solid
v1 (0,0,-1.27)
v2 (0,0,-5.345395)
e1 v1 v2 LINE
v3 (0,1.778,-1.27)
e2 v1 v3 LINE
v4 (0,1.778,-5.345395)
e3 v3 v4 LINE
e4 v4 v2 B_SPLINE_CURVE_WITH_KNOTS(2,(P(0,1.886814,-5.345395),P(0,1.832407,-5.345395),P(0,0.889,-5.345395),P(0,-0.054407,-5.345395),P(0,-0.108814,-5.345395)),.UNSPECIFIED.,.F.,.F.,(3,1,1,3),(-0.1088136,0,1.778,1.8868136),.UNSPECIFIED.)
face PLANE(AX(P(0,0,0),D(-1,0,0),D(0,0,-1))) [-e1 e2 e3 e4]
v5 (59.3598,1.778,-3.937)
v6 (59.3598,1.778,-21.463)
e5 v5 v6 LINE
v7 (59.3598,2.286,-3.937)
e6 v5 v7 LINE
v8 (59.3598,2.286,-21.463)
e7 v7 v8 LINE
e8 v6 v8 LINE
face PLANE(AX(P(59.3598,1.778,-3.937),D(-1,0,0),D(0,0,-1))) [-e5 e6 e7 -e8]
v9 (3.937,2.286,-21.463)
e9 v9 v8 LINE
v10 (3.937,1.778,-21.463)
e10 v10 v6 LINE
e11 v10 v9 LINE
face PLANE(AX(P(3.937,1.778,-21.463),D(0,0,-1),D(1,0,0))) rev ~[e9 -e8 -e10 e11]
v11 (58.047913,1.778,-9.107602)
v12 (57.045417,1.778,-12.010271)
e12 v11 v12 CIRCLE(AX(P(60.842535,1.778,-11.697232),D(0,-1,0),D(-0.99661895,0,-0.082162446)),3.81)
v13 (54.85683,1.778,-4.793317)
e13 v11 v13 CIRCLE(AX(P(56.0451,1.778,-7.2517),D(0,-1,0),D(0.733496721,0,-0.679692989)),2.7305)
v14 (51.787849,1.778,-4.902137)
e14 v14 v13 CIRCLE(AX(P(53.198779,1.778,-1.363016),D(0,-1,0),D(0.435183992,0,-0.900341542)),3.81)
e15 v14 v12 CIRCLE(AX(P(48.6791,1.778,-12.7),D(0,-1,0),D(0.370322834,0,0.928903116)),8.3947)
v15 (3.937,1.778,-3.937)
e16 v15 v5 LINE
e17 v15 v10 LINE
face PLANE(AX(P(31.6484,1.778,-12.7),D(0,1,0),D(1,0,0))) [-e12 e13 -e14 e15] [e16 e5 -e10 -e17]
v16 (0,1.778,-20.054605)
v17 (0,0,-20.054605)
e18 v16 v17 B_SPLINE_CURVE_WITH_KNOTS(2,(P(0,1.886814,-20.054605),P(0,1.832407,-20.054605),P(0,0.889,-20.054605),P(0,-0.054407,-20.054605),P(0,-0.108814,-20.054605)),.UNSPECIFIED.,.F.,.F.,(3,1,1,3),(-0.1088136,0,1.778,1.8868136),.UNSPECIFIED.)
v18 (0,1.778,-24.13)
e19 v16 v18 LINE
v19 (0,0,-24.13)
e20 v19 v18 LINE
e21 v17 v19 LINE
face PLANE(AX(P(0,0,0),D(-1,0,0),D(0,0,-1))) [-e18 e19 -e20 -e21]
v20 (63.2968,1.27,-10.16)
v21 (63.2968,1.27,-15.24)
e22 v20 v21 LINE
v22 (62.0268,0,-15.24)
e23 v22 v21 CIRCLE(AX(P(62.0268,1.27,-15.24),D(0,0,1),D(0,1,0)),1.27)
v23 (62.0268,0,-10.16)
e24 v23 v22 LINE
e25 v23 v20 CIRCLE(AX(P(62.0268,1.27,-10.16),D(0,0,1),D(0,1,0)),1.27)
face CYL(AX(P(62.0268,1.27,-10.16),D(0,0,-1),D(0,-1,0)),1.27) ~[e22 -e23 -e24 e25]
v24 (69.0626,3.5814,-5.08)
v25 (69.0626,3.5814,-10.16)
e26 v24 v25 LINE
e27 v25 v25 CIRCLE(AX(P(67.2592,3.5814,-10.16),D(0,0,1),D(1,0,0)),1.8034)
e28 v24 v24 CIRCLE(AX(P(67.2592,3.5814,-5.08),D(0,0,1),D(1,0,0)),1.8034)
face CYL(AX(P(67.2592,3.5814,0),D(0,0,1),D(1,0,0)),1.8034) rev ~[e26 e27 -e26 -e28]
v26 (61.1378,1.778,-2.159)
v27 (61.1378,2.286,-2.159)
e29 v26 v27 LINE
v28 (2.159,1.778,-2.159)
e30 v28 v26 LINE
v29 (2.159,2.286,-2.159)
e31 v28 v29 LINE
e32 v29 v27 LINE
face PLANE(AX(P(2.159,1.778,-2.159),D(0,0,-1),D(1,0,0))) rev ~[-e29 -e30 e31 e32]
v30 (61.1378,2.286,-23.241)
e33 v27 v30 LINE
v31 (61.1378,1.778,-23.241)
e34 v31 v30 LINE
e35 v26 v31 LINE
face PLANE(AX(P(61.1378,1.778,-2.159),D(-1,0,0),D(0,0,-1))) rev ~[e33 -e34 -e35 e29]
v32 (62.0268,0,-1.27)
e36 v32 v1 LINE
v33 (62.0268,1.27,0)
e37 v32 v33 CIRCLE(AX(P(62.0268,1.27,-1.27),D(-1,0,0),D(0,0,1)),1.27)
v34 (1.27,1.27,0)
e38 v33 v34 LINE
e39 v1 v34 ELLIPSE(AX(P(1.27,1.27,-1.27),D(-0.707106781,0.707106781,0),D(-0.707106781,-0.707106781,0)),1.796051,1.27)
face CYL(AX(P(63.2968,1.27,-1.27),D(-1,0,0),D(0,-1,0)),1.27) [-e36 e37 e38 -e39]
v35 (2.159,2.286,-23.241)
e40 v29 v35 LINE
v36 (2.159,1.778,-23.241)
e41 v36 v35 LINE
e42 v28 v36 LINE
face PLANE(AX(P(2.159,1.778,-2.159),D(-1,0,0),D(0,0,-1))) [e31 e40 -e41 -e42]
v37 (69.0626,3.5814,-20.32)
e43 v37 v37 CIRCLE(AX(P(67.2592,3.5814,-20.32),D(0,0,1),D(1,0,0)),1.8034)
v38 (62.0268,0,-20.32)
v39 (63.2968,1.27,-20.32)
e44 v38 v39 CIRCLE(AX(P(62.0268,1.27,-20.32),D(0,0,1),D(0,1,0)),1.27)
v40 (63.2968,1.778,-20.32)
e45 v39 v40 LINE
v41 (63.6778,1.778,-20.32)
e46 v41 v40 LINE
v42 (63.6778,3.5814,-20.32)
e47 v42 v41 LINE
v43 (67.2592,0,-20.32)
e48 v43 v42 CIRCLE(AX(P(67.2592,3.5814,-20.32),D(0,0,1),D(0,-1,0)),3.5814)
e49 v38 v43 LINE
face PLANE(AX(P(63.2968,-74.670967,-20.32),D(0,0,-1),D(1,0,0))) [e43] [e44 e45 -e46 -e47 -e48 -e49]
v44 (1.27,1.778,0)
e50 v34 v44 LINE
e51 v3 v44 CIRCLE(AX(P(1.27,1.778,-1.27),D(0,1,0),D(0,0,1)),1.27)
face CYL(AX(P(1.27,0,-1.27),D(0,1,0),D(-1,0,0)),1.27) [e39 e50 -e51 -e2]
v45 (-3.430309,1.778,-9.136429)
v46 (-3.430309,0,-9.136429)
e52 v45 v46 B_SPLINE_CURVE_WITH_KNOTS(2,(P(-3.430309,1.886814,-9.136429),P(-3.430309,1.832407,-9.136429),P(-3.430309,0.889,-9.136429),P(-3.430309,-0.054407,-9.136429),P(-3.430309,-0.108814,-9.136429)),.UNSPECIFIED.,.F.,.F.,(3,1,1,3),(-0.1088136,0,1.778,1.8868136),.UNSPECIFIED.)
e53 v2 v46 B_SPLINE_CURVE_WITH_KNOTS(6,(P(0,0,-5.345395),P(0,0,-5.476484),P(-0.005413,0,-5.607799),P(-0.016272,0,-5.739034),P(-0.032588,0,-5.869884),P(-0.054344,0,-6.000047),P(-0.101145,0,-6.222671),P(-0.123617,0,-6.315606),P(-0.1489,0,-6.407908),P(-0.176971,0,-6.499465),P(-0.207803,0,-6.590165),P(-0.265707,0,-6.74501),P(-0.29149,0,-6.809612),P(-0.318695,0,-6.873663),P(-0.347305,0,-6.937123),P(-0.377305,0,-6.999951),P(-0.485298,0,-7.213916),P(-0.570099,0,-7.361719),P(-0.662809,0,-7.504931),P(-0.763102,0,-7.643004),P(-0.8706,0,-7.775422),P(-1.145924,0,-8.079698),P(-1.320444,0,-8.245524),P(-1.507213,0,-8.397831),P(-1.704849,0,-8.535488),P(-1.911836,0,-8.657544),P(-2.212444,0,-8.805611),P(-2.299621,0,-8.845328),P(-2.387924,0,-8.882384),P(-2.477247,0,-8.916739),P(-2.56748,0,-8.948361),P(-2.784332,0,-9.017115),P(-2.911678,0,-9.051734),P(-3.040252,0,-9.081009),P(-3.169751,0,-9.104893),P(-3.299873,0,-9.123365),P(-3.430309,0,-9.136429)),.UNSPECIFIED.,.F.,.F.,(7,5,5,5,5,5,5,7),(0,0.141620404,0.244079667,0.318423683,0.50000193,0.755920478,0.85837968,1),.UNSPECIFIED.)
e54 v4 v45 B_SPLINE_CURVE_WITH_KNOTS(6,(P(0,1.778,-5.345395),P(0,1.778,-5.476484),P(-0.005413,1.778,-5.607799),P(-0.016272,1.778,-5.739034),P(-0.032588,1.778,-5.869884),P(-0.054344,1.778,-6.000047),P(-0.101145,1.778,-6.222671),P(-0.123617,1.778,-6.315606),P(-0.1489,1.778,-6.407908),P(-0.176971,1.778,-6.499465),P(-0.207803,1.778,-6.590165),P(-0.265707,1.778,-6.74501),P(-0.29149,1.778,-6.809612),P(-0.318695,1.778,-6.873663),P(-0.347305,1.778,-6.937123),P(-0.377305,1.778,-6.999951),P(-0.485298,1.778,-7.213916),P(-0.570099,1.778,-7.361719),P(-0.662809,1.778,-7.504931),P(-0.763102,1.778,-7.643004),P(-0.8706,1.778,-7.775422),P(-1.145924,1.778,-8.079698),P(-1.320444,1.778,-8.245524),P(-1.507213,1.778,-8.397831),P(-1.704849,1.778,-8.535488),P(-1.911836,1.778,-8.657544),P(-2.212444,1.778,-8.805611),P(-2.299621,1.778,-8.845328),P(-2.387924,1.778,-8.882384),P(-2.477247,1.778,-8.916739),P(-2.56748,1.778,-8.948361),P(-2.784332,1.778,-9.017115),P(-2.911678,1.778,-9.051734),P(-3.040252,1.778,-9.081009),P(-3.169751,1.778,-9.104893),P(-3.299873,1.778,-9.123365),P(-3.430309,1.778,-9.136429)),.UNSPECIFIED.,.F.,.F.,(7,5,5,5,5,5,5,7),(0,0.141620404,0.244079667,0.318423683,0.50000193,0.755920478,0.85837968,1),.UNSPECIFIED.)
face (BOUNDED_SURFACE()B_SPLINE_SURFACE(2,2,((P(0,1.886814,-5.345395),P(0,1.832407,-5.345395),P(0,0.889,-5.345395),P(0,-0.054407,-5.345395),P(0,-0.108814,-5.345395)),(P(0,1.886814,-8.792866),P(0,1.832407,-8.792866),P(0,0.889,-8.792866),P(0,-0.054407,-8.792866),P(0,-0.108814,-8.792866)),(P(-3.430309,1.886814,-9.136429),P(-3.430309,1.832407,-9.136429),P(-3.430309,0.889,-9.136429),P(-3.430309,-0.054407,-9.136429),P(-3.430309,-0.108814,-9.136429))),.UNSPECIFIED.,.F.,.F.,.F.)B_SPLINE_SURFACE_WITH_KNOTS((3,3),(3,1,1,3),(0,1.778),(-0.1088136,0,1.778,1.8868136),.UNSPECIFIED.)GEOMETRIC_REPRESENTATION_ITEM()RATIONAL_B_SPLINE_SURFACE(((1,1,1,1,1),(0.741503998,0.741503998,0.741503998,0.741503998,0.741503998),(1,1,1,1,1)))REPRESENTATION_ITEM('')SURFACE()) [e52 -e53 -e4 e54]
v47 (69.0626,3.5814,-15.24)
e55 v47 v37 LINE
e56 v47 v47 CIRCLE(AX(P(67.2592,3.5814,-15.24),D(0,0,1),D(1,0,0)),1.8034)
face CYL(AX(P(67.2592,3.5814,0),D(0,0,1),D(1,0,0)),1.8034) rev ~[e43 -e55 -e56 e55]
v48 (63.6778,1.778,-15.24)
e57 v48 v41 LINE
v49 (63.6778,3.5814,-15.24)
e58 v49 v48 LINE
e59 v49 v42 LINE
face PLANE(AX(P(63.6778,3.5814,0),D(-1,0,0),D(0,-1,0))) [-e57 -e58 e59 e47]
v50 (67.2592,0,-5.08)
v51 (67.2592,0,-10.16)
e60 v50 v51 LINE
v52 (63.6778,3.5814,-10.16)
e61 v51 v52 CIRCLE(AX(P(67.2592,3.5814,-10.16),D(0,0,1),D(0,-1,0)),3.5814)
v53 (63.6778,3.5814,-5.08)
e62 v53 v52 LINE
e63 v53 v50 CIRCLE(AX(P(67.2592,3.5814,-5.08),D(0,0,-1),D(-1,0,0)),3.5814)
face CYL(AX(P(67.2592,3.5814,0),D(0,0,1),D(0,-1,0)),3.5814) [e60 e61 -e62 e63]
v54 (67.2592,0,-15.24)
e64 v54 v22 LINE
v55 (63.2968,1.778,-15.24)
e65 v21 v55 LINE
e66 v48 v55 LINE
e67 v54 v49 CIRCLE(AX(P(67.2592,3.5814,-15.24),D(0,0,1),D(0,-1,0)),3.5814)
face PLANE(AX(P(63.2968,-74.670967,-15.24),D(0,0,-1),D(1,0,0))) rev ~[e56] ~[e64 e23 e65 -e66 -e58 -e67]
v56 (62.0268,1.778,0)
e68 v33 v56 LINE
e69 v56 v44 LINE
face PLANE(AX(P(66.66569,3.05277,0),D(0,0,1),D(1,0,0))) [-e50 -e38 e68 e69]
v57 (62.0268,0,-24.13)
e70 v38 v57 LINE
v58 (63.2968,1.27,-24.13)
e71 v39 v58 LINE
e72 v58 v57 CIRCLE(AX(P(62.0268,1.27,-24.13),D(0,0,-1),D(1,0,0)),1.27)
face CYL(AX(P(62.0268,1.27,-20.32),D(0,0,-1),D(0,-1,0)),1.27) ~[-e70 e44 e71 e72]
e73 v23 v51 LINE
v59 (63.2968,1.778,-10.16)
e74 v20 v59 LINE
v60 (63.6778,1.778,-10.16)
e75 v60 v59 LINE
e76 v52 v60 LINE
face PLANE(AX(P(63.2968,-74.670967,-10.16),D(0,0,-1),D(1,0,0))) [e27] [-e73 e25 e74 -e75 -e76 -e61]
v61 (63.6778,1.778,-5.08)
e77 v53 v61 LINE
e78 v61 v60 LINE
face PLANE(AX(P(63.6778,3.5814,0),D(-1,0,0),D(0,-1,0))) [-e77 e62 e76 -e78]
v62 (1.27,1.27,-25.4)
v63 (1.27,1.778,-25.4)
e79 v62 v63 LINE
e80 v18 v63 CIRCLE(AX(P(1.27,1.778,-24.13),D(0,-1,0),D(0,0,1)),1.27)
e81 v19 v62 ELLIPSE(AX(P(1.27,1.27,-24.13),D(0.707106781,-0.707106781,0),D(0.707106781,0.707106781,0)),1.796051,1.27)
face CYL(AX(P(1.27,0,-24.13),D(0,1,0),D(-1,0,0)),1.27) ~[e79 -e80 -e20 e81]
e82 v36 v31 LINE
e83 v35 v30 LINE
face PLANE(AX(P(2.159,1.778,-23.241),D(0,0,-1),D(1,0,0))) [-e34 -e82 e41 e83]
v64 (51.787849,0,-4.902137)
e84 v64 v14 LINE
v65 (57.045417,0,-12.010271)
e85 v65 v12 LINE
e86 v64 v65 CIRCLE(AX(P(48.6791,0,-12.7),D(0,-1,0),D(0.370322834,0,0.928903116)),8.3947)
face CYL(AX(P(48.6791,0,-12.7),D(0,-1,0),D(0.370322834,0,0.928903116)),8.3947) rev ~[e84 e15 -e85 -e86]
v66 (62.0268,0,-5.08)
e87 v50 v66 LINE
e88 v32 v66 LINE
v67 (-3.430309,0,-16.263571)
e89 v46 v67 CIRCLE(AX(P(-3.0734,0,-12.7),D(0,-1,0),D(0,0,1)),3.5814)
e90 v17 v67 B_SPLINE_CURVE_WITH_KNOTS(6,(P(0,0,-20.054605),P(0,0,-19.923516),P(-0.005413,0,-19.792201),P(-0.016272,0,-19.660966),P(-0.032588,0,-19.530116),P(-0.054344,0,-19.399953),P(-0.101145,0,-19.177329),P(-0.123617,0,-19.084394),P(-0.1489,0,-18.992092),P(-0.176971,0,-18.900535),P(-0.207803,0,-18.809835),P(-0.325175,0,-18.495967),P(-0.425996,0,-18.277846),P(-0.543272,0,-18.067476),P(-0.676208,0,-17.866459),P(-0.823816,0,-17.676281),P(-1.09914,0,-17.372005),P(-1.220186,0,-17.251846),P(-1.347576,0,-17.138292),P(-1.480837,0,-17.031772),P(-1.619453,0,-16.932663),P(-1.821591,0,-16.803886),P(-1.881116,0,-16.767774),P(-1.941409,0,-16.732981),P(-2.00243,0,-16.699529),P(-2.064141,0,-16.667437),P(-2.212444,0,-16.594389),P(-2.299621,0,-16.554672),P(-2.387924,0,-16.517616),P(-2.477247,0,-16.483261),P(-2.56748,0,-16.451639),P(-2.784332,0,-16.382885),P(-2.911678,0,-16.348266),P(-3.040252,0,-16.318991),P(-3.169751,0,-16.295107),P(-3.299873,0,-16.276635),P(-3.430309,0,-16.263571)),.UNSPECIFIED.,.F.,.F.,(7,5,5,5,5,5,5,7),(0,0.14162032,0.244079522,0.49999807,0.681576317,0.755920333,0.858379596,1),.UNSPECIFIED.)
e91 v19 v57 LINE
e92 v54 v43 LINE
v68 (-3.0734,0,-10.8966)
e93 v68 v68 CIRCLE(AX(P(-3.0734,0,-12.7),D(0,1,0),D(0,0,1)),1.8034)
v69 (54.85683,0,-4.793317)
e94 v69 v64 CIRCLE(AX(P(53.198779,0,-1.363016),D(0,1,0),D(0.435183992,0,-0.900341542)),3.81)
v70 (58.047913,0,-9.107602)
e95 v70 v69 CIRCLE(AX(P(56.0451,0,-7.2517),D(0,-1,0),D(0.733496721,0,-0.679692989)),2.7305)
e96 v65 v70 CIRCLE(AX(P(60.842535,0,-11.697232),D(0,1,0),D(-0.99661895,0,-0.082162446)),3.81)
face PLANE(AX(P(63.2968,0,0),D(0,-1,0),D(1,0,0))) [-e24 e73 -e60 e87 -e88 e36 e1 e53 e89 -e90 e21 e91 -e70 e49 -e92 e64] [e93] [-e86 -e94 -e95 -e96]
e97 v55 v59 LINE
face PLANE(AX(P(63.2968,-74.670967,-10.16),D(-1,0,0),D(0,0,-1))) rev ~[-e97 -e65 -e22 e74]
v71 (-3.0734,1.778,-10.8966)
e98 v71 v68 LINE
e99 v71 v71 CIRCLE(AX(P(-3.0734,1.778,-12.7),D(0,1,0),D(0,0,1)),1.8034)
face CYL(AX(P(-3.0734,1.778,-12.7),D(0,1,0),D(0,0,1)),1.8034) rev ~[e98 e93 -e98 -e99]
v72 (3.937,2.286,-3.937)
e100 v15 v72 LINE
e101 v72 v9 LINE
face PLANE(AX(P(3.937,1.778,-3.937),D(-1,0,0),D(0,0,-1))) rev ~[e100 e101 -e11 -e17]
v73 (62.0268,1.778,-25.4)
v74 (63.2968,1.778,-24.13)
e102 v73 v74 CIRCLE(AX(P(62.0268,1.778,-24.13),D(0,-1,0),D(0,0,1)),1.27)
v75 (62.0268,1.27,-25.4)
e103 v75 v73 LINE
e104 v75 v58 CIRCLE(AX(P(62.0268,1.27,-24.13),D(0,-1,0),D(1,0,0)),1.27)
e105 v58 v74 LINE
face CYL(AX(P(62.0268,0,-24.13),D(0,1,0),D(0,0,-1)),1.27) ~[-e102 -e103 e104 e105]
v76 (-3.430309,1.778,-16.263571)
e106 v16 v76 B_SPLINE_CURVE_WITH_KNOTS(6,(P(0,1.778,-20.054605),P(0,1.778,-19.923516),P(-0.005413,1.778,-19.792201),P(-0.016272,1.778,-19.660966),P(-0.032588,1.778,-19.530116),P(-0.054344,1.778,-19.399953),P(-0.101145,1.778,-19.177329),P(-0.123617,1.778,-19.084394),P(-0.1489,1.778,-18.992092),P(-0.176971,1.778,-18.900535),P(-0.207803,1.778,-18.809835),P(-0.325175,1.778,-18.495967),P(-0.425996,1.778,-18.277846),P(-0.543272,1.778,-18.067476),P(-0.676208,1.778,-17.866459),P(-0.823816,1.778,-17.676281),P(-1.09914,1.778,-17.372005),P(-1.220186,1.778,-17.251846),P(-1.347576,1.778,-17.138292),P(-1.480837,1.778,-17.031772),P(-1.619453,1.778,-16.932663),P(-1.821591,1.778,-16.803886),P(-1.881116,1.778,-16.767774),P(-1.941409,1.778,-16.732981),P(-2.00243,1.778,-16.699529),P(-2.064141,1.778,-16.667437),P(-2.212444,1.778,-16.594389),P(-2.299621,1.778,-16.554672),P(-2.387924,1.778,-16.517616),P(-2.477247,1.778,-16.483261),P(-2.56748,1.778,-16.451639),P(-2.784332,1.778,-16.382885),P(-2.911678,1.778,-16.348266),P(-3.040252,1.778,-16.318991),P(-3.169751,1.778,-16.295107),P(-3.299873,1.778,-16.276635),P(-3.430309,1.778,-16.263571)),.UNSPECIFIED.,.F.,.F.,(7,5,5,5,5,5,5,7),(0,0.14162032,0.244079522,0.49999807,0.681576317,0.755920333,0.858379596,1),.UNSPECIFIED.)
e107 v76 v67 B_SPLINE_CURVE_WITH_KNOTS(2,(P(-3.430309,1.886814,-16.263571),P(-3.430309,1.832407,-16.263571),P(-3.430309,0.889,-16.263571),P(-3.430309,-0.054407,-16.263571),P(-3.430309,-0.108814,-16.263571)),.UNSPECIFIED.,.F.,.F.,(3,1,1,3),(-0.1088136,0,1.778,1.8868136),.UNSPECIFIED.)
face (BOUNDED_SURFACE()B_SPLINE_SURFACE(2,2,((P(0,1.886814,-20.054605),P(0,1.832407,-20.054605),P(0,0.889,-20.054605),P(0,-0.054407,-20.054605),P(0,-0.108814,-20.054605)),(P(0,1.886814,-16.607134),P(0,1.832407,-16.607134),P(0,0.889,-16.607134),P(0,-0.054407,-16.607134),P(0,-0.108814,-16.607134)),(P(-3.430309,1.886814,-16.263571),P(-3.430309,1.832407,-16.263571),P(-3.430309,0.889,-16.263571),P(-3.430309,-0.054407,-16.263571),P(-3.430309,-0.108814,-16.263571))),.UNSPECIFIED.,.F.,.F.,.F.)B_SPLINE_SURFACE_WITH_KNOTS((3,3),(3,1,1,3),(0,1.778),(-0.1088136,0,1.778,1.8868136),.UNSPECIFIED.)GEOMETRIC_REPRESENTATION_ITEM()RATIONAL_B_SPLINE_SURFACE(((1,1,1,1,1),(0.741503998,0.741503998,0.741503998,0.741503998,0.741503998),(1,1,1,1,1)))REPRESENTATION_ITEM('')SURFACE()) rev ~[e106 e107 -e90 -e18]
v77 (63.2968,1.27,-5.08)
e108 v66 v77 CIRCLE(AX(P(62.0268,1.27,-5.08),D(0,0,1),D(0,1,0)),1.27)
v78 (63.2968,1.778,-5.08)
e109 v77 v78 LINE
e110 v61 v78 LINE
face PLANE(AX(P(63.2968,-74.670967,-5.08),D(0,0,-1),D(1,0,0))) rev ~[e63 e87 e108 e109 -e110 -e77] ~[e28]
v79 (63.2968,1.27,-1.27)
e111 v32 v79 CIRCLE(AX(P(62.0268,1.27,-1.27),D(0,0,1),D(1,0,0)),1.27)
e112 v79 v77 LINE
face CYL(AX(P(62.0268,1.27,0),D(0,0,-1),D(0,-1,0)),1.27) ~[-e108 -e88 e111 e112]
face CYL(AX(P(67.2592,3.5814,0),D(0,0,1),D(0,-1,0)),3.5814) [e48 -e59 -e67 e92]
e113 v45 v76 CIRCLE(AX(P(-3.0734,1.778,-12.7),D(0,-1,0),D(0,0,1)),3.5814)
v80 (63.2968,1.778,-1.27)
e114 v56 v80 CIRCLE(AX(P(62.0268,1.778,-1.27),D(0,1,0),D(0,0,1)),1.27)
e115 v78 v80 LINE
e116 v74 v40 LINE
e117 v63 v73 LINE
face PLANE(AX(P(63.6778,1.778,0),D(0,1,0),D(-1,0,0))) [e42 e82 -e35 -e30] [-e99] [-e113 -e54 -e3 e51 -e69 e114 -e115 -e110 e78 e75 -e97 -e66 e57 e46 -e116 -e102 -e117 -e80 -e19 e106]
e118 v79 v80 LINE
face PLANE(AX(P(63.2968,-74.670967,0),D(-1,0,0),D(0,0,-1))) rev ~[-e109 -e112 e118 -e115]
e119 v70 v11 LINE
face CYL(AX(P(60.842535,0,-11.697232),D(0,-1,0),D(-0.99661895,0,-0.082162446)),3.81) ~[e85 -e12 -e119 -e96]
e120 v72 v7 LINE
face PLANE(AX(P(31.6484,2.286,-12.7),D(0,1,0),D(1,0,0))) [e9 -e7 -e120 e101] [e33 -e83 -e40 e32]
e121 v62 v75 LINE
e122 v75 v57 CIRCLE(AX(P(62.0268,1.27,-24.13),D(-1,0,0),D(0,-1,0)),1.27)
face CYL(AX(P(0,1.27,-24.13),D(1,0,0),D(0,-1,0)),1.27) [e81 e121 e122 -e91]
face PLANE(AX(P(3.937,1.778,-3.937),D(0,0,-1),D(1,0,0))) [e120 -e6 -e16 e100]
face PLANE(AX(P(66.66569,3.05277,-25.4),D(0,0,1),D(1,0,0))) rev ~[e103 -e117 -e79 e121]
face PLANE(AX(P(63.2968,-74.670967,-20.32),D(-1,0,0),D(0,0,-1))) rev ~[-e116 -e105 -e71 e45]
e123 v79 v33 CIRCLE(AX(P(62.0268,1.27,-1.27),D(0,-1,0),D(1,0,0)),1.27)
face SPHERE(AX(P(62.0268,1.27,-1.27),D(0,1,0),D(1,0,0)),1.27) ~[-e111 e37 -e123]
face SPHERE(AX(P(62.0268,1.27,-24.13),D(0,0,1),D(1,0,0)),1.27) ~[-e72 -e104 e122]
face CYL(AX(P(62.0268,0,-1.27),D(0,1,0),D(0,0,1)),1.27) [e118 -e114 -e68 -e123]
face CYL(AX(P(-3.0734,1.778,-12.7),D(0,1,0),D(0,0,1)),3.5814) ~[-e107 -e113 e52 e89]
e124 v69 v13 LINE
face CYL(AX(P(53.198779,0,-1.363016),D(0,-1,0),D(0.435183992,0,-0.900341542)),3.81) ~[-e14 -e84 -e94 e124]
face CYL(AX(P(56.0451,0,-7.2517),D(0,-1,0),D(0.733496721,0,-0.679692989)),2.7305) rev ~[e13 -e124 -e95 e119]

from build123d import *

# Parameters (mm, degrees)
SKETCH1_W               = 63.2968
SKETCH1_H               = 25.4
BOSS_EXTRUDE1_DEPTH     = 1.778
SKETCH2_W               = 58.9788
SKETCH2_H               = 21.082
SKETCH2_W_2             = 55.4228
SKETCH2_H_2             = 17.526
BOSS_EXTRUDE2_DEPTH     = 0.508
CUT_EXTRUDE1_DEPTH      = 69.241268205
SKETCH4_R               = 1.8034
BOSS_EXTRUDE3_DEPTH     = 25.4
CUT_EXTRUDE2_DEPTH      = 76.448967385
CUT_EXTRUDE2_DEPTH_BACK = 76.448967385
SKETCH5_W               = 7.5438
SKETCH5_H               = 5.08
SKETCH6_R               = 1.8034
BOSS_EXTRUDE4_DEPTH     = 1.778
FILLET1_R               = 3.81
FILLET2_R               = 1.27


with BuildPart() as part:
    # Sketch1 → Boss-Extrude1 (new body)
    with BuildSketch(Plane(origin=(0, 0, 0), x_dir=(1, 0, 0), z_dir=(0, 1, 0))):
        with Locations((31.6484, 12.7)):
            Rectangle(SKETCH1_W, SKETCH1_H)
    extrude(amount=BOSS_EXTRUDE1_DEPTH)

    # Sketch2 → Boss-Extrude2 (add)
    with BuildSketch(Plane(origin=(0, 1.778, 0), x_dir=(1, 0, 0), z_dir=(0, 1, 0))):
        with Locations((31.6484, 12.7)):
            Rectangle(SKETCH2_W, SKETCH2_H)
        with Locations((31.6484, 12.7)):
            Rectangle(SKETCH2_W_2, SKETCH2_H_2, mode=Mode.SUBTRACT)
    extrude(amount=BOSS_EXTRUDE2_DEPTH)

    # Sketch3 → Cut-Extrude1 (cut, through all)
    with BuildSketch(Plane.XZ):
        with BuildLine():
            ThreePointArc((51.787849097, -4.902137014), (41.929975763, -17.692024651), (57.045417104, -12.010270916))
            ThreePointArc((57.045417104, -12.010270916), (57.241266983, -10.453460929), (58.047912797, -9.107601708))
            ThreePointArc((58.047912797, -9.107601708), (58.24035221, -5.627970348), (54.856830108, -4.793317419))
            ThreePointArc((54.856830108, -4.793317419), (53.333788817, -5.170623315), (51.787849097, -4.902137014))
        make_face()
    extrude(amount=-CUT_EXTRUDE1_DEPTH, mode=Mode.SUBTRACT)

    # Sketch4 → Boss-Extrude3 (add)
    with BuildSketch(Plane.XY):
        with BuildLine():
            Line((63.2968, 0), (67.2592, 0))
            ThreePointArc((67.2592, 0), (69.791632226, 6.113832226), (63.6778, 3.5814))
            Line((63.6778, 3.5814), (63.6778, 1.778))
            Line((63.6778, 1.778), (63.2968, 1.778))
            Line((63.2968, 1.778), (63.2968, 0))
        make_face()
        with Locations((67.2592, 3.5814)):
            Circle(SKETCH4_R, mode=Mode.SUBTRACT)
    extrude(amount=-BOSS_EXTRUDE3_DEPTH)

    # Sketch5 → Cut-Extrude2 (cut, two sides: drawn at the far end of the back side and taken through both)
    with BuildSketch(Plane(origin=(0, 1.778, 0), x_dir=(1, 0, 0), z_dir=(0, 1, 0)).offset(-CUT_EXTRUDE2_DEPTH_BACK)):
        with Locations((67.0687, 22.86)):
            Rectangle(SKETCH5_W, SKETCH5_H)
        with Locations((67.0687, 12.7)):
            Rectangle(SKETCH5_W, SKETCH5_H)
        with Locations((67.0687, 2.54)):
            Rectangle(SKETCH5_W, SKETCH5_H)
    extrude(amount=CUT_EXTRUDE2_DEPTH + CUT_EXTRUDE2_DEPTH_BACK, mode=Mode.SUBTRACT)

    # Sketch6 → Boss-Extrude4 (add)
    with BuildSketch(Plane(origin=(0, 1.778, 0), x_dir=(1, 0, 0), z_dir=(0, 1, 0))):
        with BuildLine():
            Line((0, 16.2814), (0, 9.1186))
            Line((0, 9.1186), (-3.0734, 9.1186))
            ThreePointArc((-3.0734, 9.1186), (-6.6548, 12.7), (-3.0734, 16.2814))
            Line((-3.0734, 16.2814), (0, 16.2814))
        make_face()
        with Locations(Location((-3.0734, 12.7, 0), (0, 0, 270))):
            Circle(SKETCH6_R, mode=Mode.SUBTRACT)
    extrude(amount=-BOSS_EXTRUDE4_DEPTH)

    # Fillet1
    fillet1_edges = [part.edges().sort_by_distance(p)[0] for p in [
        (0, 0.889, -9.1186),
        (0, 0.889, -16.2814),
    ]]
    fillet(fillet1_edges, radius=FILLET1_R)

    # Fillet2
    fillet2_edges = [part.edges().sort_by_distance(p)[0] for p in [
        (63.2968, 0, -22.86),
        (63.2968, 0.889, -25.4),
        (63.2968, 0, -12.7),
        (63.2968, 0.889, 0),
        (63.2968, 0, -2.54),
        (31.6484, 0, 0),
        (0, 0.889, -25.4),
        (0, 0.889, 0),
        (31.6484, 0, -25.4),
    ]]
    fillet(fillet2_edges, radius=FILLET2_R)


solid = part.part
